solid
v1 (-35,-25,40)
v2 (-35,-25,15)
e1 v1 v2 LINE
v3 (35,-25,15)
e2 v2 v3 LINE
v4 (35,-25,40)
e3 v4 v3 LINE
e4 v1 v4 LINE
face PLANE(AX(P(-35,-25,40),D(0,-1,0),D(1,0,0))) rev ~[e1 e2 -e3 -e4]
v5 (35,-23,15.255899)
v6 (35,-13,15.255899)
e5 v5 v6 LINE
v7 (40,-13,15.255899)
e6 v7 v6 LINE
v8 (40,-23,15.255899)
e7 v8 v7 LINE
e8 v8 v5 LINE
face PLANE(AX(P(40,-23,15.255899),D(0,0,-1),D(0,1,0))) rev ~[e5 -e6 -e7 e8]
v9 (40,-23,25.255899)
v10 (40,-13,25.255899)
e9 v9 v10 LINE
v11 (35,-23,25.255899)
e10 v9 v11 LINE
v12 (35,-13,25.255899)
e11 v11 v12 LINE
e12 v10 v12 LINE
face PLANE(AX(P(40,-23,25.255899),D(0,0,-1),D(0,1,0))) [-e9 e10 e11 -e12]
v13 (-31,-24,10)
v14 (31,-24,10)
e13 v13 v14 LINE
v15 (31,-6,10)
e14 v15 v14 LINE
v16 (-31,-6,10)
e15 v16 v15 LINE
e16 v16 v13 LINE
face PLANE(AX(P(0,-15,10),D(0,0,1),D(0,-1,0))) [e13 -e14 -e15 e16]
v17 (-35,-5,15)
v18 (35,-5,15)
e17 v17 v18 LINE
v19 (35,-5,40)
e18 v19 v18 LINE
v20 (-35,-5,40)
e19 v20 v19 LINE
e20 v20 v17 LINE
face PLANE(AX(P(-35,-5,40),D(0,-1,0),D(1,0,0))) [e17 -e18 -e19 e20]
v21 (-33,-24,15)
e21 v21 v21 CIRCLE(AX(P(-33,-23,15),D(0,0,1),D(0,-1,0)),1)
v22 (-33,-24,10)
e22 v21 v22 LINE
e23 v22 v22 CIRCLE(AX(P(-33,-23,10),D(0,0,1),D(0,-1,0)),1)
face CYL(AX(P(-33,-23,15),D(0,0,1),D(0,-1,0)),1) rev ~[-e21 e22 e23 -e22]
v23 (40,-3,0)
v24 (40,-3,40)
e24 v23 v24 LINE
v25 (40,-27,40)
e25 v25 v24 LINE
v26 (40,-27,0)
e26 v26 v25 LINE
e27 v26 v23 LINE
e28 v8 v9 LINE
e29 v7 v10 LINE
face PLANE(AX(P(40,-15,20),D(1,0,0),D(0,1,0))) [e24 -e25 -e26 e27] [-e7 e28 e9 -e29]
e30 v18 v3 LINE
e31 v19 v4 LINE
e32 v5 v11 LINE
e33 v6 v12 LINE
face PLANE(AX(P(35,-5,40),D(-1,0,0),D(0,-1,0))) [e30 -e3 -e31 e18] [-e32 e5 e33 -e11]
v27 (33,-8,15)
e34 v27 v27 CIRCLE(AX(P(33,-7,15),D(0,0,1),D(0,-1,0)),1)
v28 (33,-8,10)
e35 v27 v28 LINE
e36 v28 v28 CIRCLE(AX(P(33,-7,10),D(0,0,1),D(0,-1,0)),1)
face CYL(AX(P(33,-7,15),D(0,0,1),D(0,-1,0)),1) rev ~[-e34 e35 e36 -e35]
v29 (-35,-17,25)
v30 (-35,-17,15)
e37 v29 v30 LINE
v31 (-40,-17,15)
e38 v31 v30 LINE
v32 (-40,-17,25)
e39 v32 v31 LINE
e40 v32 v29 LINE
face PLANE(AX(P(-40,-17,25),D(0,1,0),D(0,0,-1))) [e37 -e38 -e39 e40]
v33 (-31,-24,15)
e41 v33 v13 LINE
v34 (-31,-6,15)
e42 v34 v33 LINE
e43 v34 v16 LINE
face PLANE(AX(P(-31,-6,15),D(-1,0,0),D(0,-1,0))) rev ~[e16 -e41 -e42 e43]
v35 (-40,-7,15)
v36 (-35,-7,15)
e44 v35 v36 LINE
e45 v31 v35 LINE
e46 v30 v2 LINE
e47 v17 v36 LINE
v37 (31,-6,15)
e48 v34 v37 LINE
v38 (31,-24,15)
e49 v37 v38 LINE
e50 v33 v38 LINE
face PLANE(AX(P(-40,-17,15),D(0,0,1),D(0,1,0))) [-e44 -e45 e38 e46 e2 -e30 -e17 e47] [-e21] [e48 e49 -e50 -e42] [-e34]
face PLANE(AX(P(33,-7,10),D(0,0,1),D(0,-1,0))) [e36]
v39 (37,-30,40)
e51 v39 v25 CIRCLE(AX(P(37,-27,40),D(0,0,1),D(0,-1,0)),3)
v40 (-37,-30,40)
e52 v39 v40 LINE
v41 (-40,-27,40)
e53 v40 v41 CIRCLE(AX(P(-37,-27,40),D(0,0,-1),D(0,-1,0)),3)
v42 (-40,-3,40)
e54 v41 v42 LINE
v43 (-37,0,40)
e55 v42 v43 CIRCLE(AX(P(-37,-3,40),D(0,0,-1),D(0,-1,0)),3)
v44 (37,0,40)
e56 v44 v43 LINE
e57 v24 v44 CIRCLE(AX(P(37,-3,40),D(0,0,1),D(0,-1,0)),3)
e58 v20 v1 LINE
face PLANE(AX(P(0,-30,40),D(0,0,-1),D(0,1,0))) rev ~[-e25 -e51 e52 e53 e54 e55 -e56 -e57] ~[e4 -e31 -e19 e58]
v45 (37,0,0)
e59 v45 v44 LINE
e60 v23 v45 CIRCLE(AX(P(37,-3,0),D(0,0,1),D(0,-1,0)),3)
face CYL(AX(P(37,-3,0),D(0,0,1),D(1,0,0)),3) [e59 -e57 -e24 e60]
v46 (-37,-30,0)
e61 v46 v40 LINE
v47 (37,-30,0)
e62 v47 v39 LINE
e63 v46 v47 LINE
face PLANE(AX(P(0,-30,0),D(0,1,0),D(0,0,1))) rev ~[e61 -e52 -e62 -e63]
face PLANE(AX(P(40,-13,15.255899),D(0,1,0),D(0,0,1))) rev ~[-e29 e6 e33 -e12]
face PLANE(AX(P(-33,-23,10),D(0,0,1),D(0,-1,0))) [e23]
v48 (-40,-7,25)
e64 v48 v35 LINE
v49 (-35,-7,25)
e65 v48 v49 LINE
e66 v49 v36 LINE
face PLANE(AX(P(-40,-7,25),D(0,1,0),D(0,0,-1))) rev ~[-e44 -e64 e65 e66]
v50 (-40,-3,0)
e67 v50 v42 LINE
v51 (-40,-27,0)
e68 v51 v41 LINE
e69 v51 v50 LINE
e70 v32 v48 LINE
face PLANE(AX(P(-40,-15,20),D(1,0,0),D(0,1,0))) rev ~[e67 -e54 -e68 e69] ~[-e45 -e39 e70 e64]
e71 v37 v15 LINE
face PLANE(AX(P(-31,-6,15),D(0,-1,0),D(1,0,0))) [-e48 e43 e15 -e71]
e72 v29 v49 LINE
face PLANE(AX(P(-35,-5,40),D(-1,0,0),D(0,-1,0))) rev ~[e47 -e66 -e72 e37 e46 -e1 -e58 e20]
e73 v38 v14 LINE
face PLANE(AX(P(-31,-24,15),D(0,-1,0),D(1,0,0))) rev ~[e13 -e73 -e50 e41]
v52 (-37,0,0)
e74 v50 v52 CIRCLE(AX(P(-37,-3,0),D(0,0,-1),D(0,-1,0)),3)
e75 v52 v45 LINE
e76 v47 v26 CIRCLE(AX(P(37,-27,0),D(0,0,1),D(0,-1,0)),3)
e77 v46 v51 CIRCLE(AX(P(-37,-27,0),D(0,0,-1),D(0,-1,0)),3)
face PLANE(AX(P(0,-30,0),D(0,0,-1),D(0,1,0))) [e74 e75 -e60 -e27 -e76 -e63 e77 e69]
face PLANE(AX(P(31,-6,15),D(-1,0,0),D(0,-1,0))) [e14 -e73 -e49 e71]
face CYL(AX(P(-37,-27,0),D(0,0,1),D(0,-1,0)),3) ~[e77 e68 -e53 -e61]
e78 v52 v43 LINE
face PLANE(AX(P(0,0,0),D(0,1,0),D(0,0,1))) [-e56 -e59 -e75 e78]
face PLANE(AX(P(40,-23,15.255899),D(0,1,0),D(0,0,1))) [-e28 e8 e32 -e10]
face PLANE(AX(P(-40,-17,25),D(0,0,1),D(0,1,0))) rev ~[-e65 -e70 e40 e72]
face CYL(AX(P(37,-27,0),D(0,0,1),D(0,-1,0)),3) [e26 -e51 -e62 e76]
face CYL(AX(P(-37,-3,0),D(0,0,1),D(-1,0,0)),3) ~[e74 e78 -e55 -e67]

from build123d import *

# Parameters (mm, degrees)
SKETCH_W        = 30
SKETCH_H        = 40
PAD_DEPTH       = 40
SKETCH001_W     = 20
SKETCH001_H     = 70
POCKET_DEPTH    = 25
SKETCH002_W     = 18
SKETCH002_H     = 62
POCKET001_DEPTH = 5
SKETCH003_R     = 1
POCKET002_DEPTH = 5
SKETCH004_W     = 10
SKETCH004_H     = 10
POCKET003_DEPTH = 5
SKETCH005_W     = 10
SKETCH005_H     = 10
POCKET004_DEPTH = 5
FILLET_R        = 3


with BuildPart() as part:
    # Sketch → Pad (new body, symmetric)
    with BuildSketch(Plane.YZ):
        with Locations((-15, 20)):
            Rectangle(SKETCH_W, SKETCH_H)
    extrude(amount=PAD_DEPTH, both=True)

    # Sketch001 (on Face1 of Pad) → Pocket (cut)
    with BuildSketch(Plane(origin=(0, 0, 40), x_dir=(0, -1, 0), z_dir=(0, 0, 1))):
        with Locations((15, 0)):
            Rectangle(SKETCH001_W, SKETCH001_H)
    extrude(amount=-POCKET_DEPTH, mode=Mode.SUBTRACT)

    # Sketch002 (on Face11 of Pocket) → Pocket001 (cut)
    with BuildSketch(Plane(origin=(0, 0, 15), x_dir=(0, -1, 0), z_dir=(0, 0, 1))):
        with Locations((15, 0)):
            Rectangle(SKETCH002_W, SKETCH002_H)
    extrude(amount=-POCKET001_DEPTH, mode=Mode.SUBTRACT)

    # Sketch003 (on Face11 of Pocket001) → Pocket002 (cut)
    with BuildSketch(Plane(origin=(0, 0, 15), x_dir=(0, -1, 0), z_dir=(0, 0, 1))):
        with Locations((7, 33)):
            Circle(SKETCH003_R)
        with Locations((23, -33)):
            Circle(SKETCH003_R)
    extrude(amount=-POCKET002_DEPTH, mode=Mode.SUBTRACT)

    # Sketch004 (on Face3 of Pocket002) → Pocket003 (cut)
    with BuildSketch(Plane(origin=(-40, 0, 0), x_dir=(0, 1, 0), z_dir=(-1, 0, 0))):
        with Locations((-12, -20)):
            Rectangle(SKETCH004_W, SKETCH004_H)
    extrude(amount=-POCKET003_DEPTH, mode=Mode.SUBTRACT)

    # Sketch005 → Pocket004 (cut)
    with BuildSketch(Plane.YZ.offset(40)):
        with Locations((-18, 20.255899)):
            Rectangle(SKETCH005_W, SKETCH005_H)
    extrude(amount=-POCKET004_DEPTH, mode=Mode.SUBTRACT)

    # Fillet
    fillet_edges = [part.edges().sort_by_distance(p)[0] for p in [
        (40, -30, 20),
        (40, 0, 20),
        (-40, 0, 20),
        (-40, -30, 20),
    ]]
    fillet(fillet_edges, radius=FILLET_R)


solid = part.part
